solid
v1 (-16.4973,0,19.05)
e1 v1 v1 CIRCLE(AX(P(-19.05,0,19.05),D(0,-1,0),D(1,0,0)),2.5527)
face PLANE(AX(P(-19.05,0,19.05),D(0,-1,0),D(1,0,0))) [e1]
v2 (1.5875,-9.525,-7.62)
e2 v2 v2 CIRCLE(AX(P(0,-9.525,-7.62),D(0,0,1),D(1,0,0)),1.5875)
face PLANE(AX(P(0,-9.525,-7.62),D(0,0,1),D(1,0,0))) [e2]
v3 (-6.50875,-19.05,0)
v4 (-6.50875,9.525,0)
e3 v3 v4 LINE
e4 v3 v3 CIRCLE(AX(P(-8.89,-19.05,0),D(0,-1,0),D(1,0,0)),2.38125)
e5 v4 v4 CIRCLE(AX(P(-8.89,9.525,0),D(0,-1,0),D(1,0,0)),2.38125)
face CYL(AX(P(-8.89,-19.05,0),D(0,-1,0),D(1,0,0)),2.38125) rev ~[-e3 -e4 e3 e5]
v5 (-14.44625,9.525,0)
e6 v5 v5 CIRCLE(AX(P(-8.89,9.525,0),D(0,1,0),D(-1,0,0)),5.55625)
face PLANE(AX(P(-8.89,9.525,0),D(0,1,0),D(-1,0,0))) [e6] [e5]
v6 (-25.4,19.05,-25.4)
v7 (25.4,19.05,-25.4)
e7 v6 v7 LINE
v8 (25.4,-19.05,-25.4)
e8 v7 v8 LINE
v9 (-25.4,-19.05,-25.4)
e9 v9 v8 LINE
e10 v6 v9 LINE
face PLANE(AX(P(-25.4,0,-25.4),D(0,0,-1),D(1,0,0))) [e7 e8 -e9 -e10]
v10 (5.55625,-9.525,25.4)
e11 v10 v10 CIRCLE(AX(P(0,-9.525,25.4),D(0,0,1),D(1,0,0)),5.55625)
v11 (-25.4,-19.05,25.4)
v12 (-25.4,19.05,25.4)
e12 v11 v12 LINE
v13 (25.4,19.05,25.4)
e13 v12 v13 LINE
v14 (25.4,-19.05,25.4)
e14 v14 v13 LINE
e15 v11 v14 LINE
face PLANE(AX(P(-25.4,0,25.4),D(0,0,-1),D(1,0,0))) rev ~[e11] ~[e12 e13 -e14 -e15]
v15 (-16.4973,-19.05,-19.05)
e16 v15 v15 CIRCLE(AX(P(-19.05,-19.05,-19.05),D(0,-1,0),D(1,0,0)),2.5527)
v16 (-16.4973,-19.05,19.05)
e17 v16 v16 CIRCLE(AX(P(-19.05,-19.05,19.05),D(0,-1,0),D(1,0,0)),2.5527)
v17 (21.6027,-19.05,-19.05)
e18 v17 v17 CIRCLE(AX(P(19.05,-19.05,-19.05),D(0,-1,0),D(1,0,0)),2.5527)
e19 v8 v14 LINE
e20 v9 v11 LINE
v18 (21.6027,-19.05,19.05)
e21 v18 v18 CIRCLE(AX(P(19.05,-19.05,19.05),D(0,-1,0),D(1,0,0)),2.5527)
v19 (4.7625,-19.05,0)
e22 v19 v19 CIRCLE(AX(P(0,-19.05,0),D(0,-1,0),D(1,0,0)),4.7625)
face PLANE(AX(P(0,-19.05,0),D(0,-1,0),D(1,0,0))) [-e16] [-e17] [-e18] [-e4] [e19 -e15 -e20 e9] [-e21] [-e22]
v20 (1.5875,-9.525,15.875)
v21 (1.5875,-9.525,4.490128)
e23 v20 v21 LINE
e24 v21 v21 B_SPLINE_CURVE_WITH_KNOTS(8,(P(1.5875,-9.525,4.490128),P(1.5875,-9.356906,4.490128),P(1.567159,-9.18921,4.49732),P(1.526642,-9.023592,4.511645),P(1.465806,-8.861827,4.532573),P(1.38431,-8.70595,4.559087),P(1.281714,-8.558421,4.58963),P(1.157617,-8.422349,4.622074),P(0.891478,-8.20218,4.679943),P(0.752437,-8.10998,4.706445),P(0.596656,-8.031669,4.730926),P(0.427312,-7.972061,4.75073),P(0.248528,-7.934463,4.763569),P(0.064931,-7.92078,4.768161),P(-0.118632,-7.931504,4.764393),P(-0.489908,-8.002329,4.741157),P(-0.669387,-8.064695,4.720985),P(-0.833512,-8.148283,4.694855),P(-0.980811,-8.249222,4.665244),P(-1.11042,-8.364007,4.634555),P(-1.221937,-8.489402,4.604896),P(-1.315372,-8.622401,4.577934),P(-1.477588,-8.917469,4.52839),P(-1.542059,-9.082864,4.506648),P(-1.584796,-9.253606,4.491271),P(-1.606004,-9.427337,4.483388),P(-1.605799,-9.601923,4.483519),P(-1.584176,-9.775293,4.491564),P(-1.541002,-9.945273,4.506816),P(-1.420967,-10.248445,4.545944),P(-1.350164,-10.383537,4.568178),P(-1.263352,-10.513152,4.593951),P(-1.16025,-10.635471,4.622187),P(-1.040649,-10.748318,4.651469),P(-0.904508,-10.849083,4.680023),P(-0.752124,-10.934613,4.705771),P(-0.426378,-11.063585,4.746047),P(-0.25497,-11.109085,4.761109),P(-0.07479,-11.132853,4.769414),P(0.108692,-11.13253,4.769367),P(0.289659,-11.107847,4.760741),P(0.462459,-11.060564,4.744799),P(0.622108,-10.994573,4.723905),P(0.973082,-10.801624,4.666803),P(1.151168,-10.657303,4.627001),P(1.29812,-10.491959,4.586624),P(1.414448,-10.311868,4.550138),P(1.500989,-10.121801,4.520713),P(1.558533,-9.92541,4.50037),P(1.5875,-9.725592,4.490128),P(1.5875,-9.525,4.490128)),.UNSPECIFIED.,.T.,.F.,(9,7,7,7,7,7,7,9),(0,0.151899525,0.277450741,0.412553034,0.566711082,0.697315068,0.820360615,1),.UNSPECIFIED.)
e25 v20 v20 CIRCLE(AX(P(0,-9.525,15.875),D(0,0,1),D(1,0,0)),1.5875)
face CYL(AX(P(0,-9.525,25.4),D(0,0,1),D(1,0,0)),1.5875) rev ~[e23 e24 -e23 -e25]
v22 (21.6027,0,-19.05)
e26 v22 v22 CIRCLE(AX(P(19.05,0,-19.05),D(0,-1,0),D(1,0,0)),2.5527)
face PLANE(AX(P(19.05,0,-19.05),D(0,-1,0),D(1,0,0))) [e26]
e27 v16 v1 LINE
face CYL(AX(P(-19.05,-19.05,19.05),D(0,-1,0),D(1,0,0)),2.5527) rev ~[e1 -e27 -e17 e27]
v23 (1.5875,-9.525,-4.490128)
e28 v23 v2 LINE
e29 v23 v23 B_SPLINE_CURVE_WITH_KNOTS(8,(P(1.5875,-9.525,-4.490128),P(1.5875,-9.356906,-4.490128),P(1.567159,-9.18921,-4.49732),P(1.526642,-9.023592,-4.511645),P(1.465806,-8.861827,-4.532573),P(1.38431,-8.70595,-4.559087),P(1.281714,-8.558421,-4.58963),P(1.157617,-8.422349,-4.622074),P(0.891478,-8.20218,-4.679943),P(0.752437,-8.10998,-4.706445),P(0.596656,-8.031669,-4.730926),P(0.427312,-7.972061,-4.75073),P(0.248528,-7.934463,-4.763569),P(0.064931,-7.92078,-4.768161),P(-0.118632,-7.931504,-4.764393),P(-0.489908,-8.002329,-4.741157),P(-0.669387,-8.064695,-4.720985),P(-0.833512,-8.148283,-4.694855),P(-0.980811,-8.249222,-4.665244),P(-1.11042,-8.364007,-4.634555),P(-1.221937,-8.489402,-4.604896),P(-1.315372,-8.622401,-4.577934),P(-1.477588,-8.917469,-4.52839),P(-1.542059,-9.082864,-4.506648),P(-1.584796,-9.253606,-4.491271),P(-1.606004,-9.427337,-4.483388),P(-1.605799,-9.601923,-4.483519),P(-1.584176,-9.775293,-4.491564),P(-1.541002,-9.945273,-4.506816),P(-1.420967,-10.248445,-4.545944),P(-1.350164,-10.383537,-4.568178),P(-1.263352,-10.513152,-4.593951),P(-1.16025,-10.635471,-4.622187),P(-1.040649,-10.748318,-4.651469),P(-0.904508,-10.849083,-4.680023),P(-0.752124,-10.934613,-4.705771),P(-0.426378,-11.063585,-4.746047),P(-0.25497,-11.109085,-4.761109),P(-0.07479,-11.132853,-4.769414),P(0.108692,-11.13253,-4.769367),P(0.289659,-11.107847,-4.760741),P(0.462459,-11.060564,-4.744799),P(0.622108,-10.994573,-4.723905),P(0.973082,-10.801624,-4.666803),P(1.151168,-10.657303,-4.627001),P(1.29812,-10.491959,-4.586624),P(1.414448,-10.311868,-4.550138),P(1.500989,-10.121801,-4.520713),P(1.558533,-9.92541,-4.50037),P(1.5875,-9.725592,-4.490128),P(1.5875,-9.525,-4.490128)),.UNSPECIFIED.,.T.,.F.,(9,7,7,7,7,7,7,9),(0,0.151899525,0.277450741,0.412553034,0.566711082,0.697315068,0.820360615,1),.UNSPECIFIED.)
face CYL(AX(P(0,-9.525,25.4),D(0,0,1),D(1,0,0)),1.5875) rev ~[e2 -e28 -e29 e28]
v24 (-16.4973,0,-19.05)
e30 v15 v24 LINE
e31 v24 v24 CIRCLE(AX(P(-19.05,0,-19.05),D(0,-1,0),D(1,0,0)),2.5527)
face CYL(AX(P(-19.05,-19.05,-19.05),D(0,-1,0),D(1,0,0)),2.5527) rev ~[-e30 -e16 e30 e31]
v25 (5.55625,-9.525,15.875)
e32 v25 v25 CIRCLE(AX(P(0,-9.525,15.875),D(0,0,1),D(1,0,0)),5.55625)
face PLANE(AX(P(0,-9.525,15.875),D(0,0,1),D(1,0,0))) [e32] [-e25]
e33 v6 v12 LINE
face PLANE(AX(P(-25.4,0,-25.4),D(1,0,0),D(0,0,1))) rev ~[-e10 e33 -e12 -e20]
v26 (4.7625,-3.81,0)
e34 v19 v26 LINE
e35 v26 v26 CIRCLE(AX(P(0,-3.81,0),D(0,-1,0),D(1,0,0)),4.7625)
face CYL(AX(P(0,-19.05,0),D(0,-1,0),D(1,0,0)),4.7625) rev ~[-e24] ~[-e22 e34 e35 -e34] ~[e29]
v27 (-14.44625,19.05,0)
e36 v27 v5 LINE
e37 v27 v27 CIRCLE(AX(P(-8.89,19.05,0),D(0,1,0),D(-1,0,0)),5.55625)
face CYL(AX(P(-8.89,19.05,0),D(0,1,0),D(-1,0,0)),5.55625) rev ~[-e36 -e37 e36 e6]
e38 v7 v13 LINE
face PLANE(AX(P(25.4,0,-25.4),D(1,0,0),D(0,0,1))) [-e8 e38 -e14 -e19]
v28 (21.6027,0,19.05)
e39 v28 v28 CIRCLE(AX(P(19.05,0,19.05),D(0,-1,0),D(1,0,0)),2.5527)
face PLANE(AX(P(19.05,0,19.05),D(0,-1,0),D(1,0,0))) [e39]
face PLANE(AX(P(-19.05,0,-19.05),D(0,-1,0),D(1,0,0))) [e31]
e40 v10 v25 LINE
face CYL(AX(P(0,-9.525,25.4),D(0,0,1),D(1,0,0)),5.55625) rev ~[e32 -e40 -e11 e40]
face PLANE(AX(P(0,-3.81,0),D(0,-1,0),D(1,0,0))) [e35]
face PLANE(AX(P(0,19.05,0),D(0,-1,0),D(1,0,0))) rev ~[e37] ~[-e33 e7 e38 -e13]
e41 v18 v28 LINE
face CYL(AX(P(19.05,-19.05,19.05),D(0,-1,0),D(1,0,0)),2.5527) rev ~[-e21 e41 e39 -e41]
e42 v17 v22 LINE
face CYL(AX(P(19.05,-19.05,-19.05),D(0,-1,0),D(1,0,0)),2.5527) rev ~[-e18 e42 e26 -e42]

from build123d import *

# Parameters (mm, degrees)
F0_W      = 50.8
F0_H      = 50.8
F1_DEPTH  = 19.05
F2_R      = 4.7625
F3_DEPTH  = 15.24
F4_R      = 1.5875
F5_DEPTH  = 33.02
F6_R      = 5.55625
F7_DEPTH  = 9.525
F8_R      = 2.38125
F9_DEPTH  = 38.1
F10_R     = 5.55625
F11_DEPTH = 9.525
F12_R     = 2.5527
F13_DEPTH = 19.05


with BuildPart() as f1:
    # F0 (on Front) → F1 (new body, symmetric)
    with BuildSketch(Plane.XZ):
        Rectangle(F0_W, F0_H)
    extrude(amount=F1_DEPTH, both=True)

    # F2 (on face) → F3 (cut)
    with BuildSketch(Plane.XZ.offset(19.05)):
        Circle(F2_R)
    extrude(amount=-F3_DEPTH, mode=Mode.SUBTRACT)

    # F4 (on face) → F5 (cut)
    with BuildSketch(Plane.XY.offset(25.4)):
        with Locations((0, -9.525)):
            Circle(F4_R)
    extrude(amount=-F5_DEPTH, mode=Mode.SUBTRACT)

    # F6 (on face) → F7 (cut)
    with BuildSketch(Plane.XY.offset(25.4)):
        with Locations((0, -9.525)):
            Circle(F6_R)
    extrude(amount=-F7_DEPTH, mode=Mode.SUBTRACT)

    # F8 (on face) → F9 (cut, through all)
    with BuildSketch(Plane.XZ.offset(19.05)):
        with Locations((-8.89, 0)):
            Circle(F8_R)
    extrude(amount=-F9_DEPTH, mode=Mode.SUBTRACT)

    # F10 (on face) → F11 (cut)
    with BuildSketch(Plane(origin=(0, 19.05, 0), x_dir=(-1, 0, 0), z_dir=(0, 1, 0))):
        with Locations((8.89, 0)):
            Circle(F10_R)
    extrude(amount=-F11_DEPTH, mode=Mode.SUBTRACT)

    # F12 (on face) → F13 (cut)
    with BuildSketch(Plane.XZ.offset(19.05)):
        with Locations((-19.05, 19.05)):
            Circle(F12_R)
        with Locations((19.05, 19.05)):
            Circle(F12_R)
        with Locations((-19.05, -19.05)):
            Circle(F12_R)
        with Locations((19.05, -19.05)):
            Circle(F12_R)
    extrude(amount=-F13_DEPTH, mode=Mode.SUBTRACT)


solid = f1.part
